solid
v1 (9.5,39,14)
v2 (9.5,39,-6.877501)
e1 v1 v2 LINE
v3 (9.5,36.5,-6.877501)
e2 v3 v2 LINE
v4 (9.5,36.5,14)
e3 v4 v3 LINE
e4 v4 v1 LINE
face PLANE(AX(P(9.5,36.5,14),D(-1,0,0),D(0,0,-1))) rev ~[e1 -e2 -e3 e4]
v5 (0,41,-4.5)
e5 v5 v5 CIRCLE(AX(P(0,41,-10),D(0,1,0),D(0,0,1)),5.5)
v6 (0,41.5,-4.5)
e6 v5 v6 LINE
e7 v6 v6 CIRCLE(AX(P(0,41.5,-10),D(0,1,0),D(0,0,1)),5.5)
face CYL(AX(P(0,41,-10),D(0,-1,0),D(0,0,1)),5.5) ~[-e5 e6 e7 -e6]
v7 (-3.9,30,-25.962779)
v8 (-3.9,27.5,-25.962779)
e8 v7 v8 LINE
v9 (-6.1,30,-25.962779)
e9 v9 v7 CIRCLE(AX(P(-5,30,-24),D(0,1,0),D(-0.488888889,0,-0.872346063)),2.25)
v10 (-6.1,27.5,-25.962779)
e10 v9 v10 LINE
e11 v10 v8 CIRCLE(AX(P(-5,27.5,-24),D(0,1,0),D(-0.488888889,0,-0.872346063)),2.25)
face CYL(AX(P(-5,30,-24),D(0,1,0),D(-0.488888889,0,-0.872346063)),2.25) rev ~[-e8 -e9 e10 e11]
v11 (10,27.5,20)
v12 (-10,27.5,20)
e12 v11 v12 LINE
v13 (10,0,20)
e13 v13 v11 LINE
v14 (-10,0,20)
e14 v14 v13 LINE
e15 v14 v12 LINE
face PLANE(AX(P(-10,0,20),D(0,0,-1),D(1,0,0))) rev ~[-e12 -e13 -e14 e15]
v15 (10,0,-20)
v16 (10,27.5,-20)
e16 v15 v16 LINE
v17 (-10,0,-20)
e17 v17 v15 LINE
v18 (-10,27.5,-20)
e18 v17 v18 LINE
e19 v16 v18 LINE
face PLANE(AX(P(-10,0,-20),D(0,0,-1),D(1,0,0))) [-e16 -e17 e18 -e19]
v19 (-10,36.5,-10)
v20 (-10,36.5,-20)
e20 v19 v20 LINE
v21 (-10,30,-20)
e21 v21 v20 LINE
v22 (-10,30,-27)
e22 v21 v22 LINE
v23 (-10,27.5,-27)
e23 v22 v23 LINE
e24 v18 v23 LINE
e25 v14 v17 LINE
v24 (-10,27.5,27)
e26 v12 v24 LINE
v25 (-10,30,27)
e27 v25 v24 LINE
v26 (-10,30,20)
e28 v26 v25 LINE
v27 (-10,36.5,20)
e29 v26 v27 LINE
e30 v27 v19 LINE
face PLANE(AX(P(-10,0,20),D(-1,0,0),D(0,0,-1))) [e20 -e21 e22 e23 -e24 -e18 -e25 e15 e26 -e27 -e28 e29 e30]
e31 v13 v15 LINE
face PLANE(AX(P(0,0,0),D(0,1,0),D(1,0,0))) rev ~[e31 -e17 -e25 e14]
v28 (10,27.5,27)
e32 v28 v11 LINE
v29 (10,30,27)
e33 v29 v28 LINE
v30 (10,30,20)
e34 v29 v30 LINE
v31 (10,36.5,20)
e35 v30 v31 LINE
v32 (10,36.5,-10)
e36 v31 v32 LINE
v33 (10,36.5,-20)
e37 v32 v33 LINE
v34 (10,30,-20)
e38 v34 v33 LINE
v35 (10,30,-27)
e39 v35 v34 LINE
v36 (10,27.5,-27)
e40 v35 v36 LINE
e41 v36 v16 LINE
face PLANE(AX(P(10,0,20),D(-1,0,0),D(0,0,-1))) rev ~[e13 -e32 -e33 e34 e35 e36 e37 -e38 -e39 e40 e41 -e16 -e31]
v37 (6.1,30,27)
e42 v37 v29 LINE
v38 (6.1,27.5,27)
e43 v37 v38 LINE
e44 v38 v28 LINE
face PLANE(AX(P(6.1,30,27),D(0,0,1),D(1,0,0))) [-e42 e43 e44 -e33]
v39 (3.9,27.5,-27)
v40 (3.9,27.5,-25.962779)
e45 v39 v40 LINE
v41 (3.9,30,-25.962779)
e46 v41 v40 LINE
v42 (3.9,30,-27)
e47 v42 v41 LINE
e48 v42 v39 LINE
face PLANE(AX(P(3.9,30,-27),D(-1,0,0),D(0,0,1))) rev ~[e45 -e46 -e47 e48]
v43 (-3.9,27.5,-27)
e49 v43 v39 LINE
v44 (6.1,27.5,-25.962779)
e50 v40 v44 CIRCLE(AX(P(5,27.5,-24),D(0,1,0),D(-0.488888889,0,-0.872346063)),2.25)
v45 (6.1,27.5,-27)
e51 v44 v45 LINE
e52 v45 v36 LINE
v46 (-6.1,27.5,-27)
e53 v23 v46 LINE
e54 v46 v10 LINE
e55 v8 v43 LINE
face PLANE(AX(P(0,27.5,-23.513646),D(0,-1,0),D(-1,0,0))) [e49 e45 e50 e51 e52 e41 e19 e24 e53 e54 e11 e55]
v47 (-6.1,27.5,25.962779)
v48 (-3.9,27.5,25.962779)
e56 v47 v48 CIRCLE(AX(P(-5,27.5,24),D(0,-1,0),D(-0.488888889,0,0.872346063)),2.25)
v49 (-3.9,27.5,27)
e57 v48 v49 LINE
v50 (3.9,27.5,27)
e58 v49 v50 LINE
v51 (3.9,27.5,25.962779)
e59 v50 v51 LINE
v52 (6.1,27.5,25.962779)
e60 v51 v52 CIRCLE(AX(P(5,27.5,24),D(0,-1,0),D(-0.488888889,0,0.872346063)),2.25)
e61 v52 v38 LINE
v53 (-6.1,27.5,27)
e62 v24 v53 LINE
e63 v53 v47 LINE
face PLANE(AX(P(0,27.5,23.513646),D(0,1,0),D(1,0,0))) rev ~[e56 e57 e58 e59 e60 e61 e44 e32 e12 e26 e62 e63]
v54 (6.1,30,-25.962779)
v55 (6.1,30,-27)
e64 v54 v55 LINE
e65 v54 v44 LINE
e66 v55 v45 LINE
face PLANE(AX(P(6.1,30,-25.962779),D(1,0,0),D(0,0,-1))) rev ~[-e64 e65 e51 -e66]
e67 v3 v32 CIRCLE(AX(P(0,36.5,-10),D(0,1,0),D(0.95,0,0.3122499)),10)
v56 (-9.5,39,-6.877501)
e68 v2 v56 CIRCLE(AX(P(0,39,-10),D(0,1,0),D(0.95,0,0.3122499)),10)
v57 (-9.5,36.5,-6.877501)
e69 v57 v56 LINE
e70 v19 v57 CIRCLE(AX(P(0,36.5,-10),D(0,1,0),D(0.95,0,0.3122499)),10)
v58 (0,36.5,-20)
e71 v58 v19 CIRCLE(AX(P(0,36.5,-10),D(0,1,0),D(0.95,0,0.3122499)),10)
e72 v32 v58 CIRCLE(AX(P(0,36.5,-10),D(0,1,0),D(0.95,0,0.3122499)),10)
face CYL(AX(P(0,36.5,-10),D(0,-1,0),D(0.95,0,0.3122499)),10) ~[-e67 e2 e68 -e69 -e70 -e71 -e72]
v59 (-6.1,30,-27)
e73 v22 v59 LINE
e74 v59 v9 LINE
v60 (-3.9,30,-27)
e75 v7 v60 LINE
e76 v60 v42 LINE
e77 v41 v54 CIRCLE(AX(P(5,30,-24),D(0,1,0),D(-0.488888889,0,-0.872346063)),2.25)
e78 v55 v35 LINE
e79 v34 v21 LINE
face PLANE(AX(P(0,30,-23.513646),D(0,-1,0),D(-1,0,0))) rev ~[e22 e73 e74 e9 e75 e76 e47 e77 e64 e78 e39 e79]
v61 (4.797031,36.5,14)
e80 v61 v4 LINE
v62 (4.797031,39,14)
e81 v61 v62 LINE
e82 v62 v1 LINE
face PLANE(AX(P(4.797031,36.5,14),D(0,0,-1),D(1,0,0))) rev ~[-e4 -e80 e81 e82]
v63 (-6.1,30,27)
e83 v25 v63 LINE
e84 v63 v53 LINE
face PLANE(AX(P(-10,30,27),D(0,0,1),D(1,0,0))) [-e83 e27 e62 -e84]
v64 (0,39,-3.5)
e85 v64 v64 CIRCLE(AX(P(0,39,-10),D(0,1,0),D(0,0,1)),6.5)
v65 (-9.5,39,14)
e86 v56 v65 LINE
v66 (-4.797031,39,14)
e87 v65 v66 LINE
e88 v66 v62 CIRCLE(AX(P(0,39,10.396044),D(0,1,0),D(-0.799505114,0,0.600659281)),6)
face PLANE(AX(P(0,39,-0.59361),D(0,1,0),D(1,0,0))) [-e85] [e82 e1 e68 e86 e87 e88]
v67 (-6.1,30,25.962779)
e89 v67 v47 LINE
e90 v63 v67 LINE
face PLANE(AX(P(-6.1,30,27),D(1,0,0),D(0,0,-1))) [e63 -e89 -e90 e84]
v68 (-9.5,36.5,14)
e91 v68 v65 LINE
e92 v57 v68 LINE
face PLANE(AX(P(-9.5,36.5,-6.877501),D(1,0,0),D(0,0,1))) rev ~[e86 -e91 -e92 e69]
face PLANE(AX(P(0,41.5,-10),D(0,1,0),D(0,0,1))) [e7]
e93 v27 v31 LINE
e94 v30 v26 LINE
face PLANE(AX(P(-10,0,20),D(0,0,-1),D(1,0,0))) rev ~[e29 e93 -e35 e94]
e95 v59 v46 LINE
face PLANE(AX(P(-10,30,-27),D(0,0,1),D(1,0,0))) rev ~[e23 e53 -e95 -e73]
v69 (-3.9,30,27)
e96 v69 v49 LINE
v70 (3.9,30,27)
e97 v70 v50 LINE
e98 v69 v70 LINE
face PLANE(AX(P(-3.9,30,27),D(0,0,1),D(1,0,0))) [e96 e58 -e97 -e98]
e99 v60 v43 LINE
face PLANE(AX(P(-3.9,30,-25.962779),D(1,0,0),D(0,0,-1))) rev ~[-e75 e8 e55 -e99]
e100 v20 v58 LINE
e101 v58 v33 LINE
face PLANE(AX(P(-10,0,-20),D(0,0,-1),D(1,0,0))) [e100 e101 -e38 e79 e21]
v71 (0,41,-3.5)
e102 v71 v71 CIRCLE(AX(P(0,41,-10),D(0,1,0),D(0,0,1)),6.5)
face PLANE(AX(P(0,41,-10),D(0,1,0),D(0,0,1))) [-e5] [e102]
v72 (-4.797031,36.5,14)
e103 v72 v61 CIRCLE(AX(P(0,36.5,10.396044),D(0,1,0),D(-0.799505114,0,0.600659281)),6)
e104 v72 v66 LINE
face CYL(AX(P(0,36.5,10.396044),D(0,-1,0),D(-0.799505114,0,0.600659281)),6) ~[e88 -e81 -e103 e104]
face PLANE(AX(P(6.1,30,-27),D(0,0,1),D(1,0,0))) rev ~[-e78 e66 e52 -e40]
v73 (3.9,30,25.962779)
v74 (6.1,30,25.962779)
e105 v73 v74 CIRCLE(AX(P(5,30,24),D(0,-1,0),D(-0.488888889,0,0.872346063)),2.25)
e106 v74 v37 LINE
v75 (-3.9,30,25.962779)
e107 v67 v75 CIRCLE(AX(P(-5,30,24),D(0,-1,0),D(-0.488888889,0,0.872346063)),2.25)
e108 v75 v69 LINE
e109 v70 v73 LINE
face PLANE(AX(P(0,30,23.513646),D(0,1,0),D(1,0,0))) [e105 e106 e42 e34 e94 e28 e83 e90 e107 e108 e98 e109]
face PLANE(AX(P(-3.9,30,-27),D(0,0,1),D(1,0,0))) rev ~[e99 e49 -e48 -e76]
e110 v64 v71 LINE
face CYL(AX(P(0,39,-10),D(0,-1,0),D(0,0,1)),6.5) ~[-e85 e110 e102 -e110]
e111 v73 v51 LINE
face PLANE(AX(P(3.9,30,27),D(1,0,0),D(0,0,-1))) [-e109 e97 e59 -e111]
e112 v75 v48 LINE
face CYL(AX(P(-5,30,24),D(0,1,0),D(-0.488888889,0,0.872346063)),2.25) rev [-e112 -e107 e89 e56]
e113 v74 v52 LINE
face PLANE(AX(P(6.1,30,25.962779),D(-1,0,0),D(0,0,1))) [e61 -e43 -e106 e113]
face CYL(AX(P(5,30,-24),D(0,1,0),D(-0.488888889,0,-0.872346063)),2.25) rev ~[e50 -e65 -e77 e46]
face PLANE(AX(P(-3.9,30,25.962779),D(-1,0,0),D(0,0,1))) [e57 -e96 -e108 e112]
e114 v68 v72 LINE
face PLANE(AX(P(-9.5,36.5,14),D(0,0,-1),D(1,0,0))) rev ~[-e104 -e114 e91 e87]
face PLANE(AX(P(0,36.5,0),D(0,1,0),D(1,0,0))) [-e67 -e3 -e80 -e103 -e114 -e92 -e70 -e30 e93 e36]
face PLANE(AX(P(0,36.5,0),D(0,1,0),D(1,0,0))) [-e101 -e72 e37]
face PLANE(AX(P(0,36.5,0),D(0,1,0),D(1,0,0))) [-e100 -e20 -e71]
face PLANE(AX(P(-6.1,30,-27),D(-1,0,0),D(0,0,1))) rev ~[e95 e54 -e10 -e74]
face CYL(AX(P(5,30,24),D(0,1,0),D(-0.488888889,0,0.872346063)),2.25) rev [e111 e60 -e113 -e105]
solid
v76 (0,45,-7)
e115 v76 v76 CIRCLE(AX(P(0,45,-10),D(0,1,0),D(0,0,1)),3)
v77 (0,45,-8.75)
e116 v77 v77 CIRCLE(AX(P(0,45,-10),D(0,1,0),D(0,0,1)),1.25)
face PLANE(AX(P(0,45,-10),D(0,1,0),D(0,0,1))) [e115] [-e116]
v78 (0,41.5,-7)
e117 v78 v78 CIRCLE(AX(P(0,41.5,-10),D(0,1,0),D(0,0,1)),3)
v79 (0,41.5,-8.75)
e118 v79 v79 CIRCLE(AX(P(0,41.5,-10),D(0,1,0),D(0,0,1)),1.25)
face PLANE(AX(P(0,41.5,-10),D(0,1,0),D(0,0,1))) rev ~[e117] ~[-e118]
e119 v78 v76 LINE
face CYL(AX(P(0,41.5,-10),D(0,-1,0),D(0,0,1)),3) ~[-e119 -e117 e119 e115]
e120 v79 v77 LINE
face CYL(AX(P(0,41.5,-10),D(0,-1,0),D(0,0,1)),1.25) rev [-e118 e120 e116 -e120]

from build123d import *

# Parameters (mm, degrees)
SKETCH_1_W      = 20
SKETCH_1_H      = 40
EXTRUDE_1_DEPTH = 36.5
EXTRUDE_2_DEPTH = 2.5
SKETCH_3_R      = 6.5
EXTRUDE_3_DEPTH = 2
SKETCH_4_R      = 5.5
EXTRUDE_4_DEPTH = 0.5
SKETCH_5_R      = 3
SKETCH_5_R_2    = 1.25
EXTRUDE_5_DEPTH = 3.5
EXTRUDE_6_DEPTH = 2.5


with BuildPart() as part:
    # 草图1 → 凸台-拉伸1 (new body)
    with BuildSketch(Plane(origin=(0, 0, 0), x_dir=(1, 0, 0), z_dir=(0, 1, 0))):
        Rectangle(SKETCH_1_W, SKETCH_1_H)
    extrude(amount=EXTRUDE_1_DEPTH)

    # 草图2 → 凸台-拉伸2 (add)
    with BuildSketch(Plane(origin=(0, 36.5, 0), x_dir=(1, 0, 0), z_dir=(0, 1, 0))):
        with BuildLine():
            Line((-9.5, 6.877501001), (-9.5, -14))
            Line((-9.5, -14), (-4.797030686, -14))
            ThreePointArc((-4.797030686, -14), (0, -16.396044313), (4.797030686, -14))
            Line((4.797030686, -14), (9.5, -14))
            Line((9.5, -14), (9.5, 6.877501001))
            ThreePointArc((9.5, 6.877501001), (0, 20), (-9.5, 6.877501001))
        make_face()
    extrude(amount=EXTRUDE_2_DEPTH)

    # 草图3 → 凸台-拉伸3 (add)
    with BuildSketch(Plane(origin=(0, 39, 0), x_dir=(1, 0, 0), z_dir=(0, 1, 0))):
        with Locations(Location((0, 10, 0), (0, 0, 270))):
            Circle(SKETCH_3_R)
    extrude(amount=EXTRUDE_3_DEPTH)

    # 草图4 → 凸台-拉伸4 (add)
    with BuildSketch(Plane(origin=(0, 41, 0), x_dir=(1, 0, 0), z_dir=(0, 1, 0))):
        with Locations(Location((0, 10, 0), (0, 0, 270))):
            Circle(SKETCH_4_R)
    extrude(amount=EXTRUDE_4_DEPTH)

    # 草图6 → 凸台-拉伸6 (add)
    with BuildSketch(Plane(origin=(0, 30, 0), x_dir=(-1, 0, 0), z_dir=(0, -1, 0))):
        with BuildLine():
            Line((10, 27), (6.1, 27))
            Line((6.1, 27), (6.1, 25.962778643))
            ThreePointArc((6.1, 25.962778643), (5, 21.75), (3.9, 25.962778643))
            Line((3.9, 25.962778643), (3.9, 27))
            Line((3.9, 27), (-3.9, 27))
            Line((-3.9, 27), (-3.9, 25.962778643))
            ThreePointArc((-3.9, 25.962778643), (-5, 21.75), (-6.1, 25.962778643))
            Line((-6.1, 25.962778643), (-6.1, 27))
            Line((-6.1, 27), (-10, 27))
            Line((-10, 27), (-10, 20))
            Line((-10, 20), (0, 20))
            Line((0, 20), (10, 20))
            Line((10, 20), (10, 27))
        make_face()
        with BuildLine():
            Line((-6.1, -27), (-10, -27))
            Line((-10, -27), (-10, -20))
            Line((-10, -20), (0, -20))
            Line((0, -20), (10, -20))
            Line((10, -20), (10, -27))
            Line((10, -27), (6.1, -27))
            Line((6.1, -27), (6.1, -25.962778643))
            ThreePointArc((6.1, -25.962778643), (5, -21.75), (3.9, -25.962778643))
            Line((3.9, -25.962778643), (3.9, -27))
            Line((3.9, -27), (-3.9, -27))
            Line((-3.9, -27), (-3.9, -25.962778643))
            ThreePointArc((-3.9, -25.962778643), (-5, -21.75), (-6.1, -25.962778643))
            Line((-6.1, -25.962778643), (-6.1, -27))
        make_face()
    extrude(amount=EXTRUDE_6_DEPTH)


with BuildPart() as body_2:
    # 草图5 → 凸台-拉伸5 (new body)
    with BuildSketch(Plane(origin=(0, 41.5, 0), x_dir=(1, 0, 0), z_dir=(0, 1, 0))):
        with Locations(Location((0, 10, 0), (0, 0, 270))):
            Circle(SKETCH_5_R)
        with Locations(Location((0, 10, 0), (0, 0, 270))):
            Circle(SKETCH_5_R_2, mode=Mode.SUBTRACT)
    extrude(amount=EXTRUDE_5_DEPTH)


solid = Compound([part.part, body_2.part])
